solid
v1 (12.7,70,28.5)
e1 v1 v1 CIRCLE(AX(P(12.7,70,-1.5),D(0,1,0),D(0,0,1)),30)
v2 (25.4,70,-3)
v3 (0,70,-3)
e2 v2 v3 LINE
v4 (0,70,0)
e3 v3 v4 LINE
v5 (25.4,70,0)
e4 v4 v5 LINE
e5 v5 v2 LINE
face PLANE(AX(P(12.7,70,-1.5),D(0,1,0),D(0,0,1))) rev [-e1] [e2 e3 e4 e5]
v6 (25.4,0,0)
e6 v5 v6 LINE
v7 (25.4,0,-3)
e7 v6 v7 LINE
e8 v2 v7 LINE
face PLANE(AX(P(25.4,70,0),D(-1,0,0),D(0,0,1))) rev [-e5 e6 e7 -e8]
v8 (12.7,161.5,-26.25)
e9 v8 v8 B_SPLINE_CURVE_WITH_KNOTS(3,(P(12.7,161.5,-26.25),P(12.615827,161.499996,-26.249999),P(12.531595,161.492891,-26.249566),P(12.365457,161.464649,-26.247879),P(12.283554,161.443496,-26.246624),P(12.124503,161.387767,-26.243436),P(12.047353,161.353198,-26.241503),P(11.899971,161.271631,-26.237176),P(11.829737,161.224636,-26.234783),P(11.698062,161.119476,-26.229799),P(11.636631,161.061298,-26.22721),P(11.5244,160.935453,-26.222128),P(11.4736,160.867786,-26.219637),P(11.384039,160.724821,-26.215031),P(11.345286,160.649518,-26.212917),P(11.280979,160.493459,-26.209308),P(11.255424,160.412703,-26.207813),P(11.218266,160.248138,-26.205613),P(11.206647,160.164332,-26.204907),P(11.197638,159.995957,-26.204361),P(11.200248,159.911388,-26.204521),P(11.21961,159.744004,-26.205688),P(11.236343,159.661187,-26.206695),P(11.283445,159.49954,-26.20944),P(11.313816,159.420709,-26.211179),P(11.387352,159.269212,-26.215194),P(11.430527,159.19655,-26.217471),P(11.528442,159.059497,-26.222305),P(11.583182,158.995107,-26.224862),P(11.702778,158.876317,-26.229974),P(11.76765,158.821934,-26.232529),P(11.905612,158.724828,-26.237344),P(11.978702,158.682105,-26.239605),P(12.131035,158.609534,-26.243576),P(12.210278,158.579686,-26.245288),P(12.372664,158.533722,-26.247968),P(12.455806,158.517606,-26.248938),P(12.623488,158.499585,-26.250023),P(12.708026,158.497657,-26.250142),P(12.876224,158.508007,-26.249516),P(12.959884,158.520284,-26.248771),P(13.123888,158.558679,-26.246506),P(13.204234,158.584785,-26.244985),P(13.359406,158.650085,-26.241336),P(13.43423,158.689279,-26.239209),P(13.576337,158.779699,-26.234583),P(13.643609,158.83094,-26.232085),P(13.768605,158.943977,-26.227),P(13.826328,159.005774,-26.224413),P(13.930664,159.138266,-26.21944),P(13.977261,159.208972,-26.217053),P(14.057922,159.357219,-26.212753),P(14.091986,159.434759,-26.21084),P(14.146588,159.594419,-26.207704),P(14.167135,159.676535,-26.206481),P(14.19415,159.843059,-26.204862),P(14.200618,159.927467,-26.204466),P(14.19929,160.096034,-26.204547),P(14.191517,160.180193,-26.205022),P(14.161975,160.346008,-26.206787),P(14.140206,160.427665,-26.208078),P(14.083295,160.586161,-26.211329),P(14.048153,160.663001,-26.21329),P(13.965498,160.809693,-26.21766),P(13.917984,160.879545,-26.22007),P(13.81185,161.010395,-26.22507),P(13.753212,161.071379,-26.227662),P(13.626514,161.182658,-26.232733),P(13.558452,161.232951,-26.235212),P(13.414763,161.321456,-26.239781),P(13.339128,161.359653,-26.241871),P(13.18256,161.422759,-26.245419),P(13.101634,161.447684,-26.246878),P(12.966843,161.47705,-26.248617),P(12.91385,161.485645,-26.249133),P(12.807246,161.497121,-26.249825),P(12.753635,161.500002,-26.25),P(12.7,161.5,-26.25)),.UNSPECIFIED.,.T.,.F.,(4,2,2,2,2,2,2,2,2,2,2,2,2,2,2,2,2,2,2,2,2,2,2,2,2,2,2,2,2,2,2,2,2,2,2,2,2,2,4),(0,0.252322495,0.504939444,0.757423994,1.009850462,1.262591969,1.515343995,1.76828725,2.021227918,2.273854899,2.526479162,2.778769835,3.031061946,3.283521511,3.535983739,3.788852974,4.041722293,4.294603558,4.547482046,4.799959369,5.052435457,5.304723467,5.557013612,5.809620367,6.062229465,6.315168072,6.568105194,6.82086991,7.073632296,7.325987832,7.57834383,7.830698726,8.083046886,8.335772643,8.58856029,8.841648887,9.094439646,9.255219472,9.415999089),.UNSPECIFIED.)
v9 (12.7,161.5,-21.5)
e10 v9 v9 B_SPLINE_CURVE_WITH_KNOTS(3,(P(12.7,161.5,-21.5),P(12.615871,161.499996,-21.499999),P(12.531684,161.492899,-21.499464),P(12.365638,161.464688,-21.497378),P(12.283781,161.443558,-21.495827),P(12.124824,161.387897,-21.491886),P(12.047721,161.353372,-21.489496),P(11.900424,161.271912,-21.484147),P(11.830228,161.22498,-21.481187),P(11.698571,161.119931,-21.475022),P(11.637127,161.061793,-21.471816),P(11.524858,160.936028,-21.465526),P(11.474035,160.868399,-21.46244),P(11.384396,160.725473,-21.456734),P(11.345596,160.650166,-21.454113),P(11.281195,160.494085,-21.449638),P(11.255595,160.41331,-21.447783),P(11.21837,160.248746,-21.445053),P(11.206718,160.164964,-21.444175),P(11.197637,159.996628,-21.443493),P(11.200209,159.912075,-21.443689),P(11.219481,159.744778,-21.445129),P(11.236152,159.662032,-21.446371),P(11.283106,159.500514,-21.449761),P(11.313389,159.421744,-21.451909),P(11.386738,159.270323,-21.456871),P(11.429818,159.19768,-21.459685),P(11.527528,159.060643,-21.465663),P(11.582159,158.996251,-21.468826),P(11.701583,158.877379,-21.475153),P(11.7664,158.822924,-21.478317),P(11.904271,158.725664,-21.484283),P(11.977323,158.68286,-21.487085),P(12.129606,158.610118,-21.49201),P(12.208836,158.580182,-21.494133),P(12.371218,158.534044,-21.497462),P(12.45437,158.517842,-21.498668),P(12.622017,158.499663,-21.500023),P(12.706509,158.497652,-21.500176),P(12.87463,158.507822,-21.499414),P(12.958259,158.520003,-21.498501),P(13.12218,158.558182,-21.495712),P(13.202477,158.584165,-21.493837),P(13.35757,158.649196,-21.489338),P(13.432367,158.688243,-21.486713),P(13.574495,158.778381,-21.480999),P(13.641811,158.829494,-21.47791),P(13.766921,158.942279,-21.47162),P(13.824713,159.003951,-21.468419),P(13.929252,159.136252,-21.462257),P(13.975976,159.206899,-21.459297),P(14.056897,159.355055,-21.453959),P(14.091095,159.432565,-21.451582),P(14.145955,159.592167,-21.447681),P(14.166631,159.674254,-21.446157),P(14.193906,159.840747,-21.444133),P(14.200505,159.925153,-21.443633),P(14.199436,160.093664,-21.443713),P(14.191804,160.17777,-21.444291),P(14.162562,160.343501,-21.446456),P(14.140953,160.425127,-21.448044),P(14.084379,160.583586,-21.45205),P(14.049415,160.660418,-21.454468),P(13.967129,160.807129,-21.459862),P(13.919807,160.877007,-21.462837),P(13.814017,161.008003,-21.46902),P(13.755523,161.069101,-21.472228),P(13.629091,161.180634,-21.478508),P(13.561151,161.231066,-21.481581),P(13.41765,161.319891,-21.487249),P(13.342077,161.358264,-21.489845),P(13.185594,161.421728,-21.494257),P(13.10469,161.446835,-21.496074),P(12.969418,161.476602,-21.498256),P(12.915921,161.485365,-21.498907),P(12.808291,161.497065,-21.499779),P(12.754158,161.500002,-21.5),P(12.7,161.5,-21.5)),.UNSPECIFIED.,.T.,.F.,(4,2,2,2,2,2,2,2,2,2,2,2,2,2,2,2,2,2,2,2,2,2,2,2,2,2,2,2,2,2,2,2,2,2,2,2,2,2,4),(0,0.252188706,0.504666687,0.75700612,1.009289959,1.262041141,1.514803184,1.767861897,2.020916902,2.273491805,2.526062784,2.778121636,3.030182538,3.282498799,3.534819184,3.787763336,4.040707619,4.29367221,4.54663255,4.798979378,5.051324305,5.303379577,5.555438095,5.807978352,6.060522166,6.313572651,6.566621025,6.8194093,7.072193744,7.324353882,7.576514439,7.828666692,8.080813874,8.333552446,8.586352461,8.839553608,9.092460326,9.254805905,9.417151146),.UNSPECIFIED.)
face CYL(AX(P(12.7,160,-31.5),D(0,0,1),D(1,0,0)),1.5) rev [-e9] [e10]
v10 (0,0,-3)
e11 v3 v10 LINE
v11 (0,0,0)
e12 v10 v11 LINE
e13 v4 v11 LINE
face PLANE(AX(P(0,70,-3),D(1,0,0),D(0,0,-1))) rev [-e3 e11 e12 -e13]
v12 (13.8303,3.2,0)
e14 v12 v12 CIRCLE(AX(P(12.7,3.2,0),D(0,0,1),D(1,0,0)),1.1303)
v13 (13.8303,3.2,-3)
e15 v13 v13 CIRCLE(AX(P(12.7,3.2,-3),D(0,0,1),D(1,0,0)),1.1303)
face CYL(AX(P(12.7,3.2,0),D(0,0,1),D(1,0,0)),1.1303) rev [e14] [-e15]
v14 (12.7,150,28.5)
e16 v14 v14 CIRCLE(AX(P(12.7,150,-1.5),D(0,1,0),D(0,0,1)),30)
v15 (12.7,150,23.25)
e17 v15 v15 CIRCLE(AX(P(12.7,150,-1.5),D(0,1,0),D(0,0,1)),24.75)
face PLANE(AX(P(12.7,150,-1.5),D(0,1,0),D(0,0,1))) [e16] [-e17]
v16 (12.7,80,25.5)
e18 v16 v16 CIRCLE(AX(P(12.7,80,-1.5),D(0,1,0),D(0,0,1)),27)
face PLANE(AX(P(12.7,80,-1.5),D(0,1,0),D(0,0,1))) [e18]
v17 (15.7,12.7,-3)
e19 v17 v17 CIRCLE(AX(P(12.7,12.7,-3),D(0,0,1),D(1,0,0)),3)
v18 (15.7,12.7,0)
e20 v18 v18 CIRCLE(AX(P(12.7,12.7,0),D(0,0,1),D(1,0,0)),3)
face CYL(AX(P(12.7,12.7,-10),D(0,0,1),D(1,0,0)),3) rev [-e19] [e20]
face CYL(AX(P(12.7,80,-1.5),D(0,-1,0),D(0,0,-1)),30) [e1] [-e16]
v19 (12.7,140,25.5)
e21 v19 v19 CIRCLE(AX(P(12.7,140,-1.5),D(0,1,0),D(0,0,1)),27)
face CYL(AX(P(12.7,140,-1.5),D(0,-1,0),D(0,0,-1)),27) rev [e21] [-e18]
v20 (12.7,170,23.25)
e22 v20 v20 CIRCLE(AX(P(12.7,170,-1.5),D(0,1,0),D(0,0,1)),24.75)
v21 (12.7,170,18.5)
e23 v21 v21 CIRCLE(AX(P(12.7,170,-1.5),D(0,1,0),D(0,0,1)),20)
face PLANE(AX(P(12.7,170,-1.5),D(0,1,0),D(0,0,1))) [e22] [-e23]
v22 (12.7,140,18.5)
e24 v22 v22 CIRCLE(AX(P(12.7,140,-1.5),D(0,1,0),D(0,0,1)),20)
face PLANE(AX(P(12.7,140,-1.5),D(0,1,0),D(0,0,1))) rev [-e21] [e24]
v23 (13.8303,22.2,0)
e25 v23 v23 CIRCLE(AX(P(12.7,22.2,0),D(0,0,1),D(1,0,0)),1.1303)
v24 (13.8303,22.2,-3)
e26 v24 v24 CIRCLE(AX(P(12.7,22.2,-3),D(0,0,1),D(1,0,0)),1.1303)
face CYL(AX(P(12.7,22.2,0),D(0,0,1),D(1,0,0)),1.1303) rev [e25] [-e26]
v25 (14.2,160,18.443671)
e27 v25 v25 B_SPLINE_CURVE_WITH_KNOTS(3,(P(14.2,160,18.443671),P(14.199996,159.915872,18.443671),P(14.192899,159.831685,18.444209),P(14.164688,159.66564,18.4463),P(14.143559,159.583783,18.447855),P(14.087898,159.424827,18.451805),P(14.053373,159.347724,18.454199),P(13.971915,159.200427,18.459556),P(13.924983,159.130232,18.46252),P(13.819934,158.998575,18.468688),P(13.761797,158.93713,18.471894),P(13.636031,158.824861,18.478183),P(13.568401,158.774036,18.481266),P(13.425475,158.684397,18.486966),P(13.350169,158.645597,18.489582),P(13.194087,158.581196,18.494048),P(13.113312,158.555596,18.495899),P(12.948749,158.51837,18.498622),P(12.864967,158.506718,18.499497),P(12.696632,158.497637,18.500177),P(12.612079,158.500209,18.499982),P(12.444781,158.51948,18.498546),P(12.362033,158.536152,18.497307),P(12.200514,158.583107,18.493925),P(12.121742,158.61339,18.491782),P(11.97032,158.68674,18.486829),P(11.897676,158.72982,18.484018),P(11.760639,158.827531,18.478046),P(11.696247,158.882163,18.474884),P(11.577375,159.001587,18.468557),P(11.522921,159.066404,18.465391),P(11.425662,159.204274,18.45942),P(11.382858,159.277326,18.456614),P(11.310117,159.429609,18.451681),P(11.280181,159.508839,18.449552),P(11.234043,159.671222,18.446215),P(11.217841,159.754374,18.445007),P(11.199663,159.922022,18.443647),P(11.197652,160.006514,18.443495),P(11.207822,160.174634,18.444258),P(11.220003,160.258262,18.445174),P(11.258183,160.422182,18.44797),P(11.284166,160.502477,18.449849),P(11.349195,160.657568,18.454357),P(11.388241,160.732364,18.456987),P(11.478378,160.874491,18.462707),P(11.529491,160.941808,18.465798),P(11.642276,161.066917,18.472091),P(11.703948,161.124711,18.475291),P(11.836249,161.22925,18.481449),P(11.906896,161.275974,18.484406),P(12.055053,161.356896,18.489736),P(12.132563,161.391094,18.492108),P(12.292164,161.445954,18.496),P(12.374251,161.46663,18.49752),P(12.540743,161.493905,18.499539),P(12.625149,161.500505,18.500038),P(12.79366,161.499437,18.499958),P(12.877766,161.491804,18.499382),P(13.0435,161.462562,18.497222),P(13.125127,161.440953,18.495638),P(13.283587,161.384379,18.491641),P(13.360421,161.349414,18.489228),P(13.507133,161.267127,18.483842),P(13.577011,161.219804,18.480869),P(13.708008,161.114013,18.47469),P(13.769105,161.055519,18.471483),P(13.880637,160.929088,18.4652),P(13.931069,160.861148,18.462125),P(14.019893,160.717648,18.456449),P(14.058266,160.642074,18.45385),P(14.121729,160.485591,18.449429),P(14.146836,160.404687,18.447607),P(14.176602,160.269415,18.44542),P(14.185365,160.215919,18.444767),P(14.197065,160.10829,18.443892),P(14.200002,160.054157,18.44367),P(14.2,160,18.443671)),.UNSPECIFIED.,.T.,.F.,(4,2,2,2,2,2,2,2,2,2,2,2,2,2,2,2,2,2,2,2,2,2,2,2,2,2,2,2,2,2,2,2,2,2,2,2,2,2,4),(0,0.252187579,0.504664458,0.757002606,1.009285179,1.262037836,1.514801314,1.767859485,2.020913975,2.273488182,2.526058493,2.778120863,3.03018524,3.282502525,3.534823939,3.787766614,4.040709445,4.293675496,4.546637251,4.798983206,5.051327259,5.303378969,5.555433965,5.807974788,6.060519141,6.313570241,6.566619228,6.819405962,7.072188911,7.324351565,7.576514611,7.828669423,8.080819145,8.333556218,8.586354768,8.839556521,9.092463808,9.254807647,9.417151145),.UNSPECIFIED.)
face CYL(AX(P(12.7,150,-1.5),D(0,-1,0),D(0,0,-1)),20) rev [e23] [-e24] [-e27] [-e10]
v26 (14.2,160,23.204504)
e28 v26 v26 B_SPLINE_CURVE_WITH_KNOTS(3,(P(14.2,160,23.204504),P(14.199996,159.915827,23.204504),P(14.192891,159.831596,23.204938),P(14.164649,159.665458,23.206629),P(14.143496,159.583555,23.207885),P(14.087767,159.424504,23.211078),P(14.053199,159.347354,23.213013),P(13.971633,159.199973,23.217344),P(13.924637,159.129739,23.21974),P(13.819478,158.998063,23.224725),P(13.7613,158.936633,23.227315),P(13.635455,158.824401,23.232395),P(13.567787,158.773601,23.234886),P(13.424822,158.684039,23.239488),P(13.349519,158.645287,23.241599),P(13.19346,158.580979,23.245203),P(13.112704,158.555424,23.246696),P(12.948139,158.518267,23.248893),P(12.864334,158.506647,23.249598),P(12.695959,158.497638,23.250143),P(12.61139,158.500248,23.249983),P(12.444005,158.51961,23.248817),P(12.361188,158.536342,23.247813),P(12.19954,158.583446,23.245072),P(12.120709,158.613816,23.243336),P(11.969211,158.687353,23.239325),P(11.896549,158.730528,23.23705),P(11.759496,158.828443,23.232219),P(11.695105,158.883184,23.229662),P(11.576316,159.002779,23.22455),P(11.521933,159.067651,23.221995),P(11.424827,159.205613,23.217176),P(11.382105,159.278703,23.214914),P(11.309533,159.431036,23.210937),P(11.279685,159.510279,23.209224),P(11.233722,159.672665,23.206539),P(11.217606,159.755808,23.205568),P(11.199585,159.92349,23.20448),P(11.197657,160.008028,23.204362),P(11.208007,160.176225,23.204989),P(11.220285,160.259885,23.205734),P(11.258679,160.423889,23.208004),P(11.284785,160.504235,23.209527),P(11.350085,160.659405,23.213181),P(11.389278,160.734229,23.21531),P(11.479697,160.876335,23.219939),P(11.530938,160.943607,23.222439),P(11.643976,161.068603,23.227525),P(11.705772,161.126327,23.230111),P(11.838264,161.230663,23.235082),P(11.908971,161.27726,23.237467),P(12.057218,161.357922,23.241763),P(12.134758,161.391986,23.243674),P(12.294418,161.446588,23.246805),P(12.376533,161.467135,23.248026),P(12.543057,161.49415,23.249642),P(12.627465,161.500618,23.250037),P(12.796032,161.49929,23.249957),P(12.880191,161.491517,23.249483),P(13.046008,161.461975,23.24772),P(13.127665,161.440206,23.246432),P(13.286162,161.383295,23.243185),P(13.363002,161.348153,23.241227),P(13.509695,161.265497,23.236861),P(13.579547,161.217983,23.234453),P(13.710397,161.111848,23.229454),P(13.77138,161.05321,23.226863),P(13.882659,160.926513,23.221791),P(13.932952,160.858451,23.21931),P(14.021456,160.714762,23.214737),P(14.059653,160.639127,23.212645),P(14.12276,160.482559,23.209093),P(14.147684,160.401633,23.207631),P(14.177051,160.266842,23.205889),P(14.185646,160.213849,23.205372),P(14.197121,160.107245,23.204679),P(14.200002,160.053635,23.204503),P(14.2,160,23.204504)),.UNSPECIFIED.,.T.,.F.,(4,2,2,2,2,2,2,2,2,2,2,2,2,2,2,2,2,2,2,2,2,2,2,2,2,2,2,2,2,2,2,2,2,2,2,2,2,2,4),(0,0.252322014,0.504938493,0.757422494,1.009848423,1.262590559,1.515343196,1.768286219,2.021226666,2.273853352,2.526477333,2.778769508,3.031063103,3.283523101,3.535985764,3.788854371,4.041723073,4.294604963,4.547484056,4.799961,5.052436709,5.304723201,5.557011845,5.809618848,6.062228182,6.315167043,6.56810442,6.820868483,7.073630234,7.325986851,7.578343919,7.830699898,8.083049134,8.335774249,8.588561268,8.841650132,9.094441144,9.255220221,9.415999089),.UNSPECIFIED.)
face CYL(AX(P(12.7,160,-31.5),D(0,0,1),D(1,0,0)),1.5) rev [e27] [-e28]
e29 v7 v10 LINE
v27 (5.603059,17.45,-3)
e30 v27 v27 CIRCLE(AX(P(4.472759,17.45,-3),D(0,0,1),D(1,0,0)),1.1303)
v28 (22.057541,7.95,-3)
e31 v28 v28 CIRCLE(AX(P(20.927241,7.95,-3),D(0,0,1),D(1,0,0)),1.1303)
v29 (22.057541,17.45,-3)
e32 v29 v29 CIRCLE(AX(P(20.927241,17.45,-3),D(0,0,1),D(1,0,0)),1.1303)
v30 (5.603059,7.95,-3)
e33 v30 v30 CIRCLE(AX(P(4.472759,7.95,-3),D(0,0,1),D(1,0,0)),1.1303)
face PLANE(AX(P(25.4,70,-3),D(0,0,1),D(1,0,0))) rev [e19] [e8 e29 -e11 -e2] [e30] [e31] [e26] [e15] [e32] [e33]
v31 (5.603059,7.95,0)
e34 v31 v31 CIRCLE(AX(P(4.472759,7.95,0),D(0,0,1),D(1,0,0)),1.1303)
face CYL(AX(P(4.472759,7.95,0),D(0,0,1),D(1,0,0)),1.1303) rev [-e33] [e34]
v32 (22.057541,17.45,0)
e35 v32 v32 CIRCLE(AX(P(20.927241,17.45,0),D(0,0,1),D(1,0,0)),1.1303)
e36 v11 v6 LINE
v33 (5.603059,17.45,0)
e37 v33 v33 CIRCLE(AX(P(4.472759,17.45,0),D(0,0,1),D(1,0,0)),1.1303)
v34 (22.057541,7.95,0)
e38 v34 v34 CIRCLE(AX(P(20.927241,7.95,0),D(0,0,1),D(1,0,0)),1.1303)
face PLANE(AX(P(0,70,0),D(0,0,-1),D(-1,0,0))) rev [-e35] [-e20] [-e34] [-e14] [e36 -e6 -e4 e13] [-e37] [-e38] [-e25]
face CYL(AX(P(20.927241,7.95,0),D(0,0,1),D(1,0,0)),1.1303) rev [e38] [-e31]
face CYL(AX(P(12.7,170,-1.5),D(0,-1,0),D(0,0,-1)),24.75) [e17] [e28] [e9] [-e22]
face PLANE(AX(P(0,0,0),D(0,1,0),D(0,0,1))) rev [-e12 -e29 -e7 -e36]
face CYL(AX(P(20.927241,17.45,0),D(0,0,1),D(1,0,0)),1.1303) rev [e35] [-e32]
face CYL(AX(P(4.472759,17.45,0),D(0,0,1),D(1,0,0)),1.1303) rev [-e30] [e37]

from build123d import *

# Parameters (mm, degrees)
SKETCH2_W                 = 25.4
SKETCH2_H                 = 3
BOSS_EXTRUDE1_DEPTH       = 70
SKETCH4_R                 = 30
BOSS_EXTRUDE2_DEPTH       = 10
SKETCH5_R                 = 30
SKETCH5_R_2               = 20
BOSS_EXTRUDE3_DEPTH       = 70
SKETCH8_R                 = 24.75
SKETCH8_R_2               = 20
BOSS_EXTRUDE4_DEPTH       = 20
SKETCH9_R                 = 1.5
CUT_EXTRUDE4_DEPTH        = 29.5
CUT_EXTRUDE4_DEPTH_BACK   = 32.5
F_4_40_TAPPED_HOLE1_D     = 2.2606
F_4_40_TAPPED_HOLE1_DEPTH = 7.6
F_4_40_TAPPED_HOLE1_TIP   = 0.679152758
SKETCH3_R                 = 3
CUT_EXTRUDE5_DEPTH        = 10
SKETCH12_R                = 27
SKETCH12_R_2              = 20
CUT_EXTRUDE6_DEPTH        = 60


with BuildPart() as part:
    # Sketch2 → Boss-Extrude1 (new body)
    with BuildSketch(Plane(origin=(0, 0, 0), x_dir=(1, 0, 0), z_dir=(0, 1, 0))):
        with Locations((12.7, 1.5)):
            Rectangle(SKETCH2_W, SKETCH2_H)
    extrude(amount=BOSS_EXTRUDE1_DEPTH)

    # Sketch4 → Boss-Extrude2 (add)
    with BuildSketch(Plane(origin=(0, 70, 0), x_dir=(1, 0, 0), z_dir=(0, 1, 0))):
        with Locations((12.7, 1.5)):
            Circle(SKETCH4_R)
    extrude(amount=BOSS_EXTRUDE2_DEPTH)

    # Sketch5 → Boss-Extrude3 (add)
    with BuildSketch(Plane(origin=(0, 80, 0), x_dir=(1, 0, 0), z_dir=(0, 1, 0))):
        with Locations((12.7, 1.5)):
            Circle(SKETCH5_R)
        with Locations((12.7, 1.5)):
            Circle(SKETCH5_R_2, mode=Mode.SUBTRACT)
    extrude(amount=BOSS_EXTRUDE3_DEPTH)

    # Sketch8 → Boss-Extrude4 (add)
    with BuildSketch(Plane(origin=(0, 150, 0), x_dir=(1, 0, 0), z_dir=(0, 1, 0))):
        with Locations((12.7, 1.5)):
            Circle(SKETCH8_R)
        with Locations((12.7, 1.5)):
            Circle(SKETCH8_R_2, mode=Mode.SUBTRACT)
    extrude(amount=BOSS_EXTRUDE4_DEPTH)

    # Sketch9 → Cut-Extrude4 (cut, two sides)
    with BuildSketch(Plane.XY) as cut_extrude4_sk:
        with Locations((12.7, 160)):
            Circle(SKETCH9_R)
    extrude(amount=CUT_EXTRUDE4_DEPTH, mode=Mode.SUBTRACT)
    extrude(cut_extrude4_sk.sketch, amount=-CUT_EXTRUDE4_DEPTH_BACK, mode=Mode.SUBTRACT)

    # #4-40 Tapped Hole1
    with Locations(Plane.XY):
        with Locations((12.7, 22.2), (20.927241336, 17.45), (20.927241336, 7.95), (12.7, 3.2), (4.472758664, 7.95), (4.472758664, 17.45)):
            Hole(F_4_40_TAPPED_HOLE1_D / 2, depth=F_4_40_TAPPED_HOLE1_DEPTH)
            with Locations((0, 0, -(F_4_40_TAPPED_HOLE1_DEPTH + F_4_40_TAPPED_HOLE1_TIP / 2))):  # 118° drill point
                Cone(0, F_4_40_TAPPED_HOLE1_D / 2, F_4_40_TAPPED_HOLE1_TIP, mode=Mode.SUBTRACT)

    # Sketch3 → Cut-Extrude5 (cut)
    with BuildSketch(Plane.XY):
        with Locations((12.7, 12.7)):
            Circle(SKETCH3_R)
    extrude(amount=-CUT_EXTRUDE5_DEPTH, mode=Mode.SUBTRACT)

    # Sketch12 → Cut-Extrude6 (cut)
    with BuildSketch(Plane(origin=(0, 80, 0), x_dir=(1, 0, 0), z_dir=(0, 1, 0))):
        with Locations((12.7, 1.5)):
            Circle(SKETCH12_R)
        with Locations((12.7, 1.5)):
            Circle(SKETCH12_R_2, mode=Mode.SUBTRACT)
    extrude(amount=CUT_EXTRUDE6_DEPTH, mode=Mode.SUBTRACT)


solid = part.part
